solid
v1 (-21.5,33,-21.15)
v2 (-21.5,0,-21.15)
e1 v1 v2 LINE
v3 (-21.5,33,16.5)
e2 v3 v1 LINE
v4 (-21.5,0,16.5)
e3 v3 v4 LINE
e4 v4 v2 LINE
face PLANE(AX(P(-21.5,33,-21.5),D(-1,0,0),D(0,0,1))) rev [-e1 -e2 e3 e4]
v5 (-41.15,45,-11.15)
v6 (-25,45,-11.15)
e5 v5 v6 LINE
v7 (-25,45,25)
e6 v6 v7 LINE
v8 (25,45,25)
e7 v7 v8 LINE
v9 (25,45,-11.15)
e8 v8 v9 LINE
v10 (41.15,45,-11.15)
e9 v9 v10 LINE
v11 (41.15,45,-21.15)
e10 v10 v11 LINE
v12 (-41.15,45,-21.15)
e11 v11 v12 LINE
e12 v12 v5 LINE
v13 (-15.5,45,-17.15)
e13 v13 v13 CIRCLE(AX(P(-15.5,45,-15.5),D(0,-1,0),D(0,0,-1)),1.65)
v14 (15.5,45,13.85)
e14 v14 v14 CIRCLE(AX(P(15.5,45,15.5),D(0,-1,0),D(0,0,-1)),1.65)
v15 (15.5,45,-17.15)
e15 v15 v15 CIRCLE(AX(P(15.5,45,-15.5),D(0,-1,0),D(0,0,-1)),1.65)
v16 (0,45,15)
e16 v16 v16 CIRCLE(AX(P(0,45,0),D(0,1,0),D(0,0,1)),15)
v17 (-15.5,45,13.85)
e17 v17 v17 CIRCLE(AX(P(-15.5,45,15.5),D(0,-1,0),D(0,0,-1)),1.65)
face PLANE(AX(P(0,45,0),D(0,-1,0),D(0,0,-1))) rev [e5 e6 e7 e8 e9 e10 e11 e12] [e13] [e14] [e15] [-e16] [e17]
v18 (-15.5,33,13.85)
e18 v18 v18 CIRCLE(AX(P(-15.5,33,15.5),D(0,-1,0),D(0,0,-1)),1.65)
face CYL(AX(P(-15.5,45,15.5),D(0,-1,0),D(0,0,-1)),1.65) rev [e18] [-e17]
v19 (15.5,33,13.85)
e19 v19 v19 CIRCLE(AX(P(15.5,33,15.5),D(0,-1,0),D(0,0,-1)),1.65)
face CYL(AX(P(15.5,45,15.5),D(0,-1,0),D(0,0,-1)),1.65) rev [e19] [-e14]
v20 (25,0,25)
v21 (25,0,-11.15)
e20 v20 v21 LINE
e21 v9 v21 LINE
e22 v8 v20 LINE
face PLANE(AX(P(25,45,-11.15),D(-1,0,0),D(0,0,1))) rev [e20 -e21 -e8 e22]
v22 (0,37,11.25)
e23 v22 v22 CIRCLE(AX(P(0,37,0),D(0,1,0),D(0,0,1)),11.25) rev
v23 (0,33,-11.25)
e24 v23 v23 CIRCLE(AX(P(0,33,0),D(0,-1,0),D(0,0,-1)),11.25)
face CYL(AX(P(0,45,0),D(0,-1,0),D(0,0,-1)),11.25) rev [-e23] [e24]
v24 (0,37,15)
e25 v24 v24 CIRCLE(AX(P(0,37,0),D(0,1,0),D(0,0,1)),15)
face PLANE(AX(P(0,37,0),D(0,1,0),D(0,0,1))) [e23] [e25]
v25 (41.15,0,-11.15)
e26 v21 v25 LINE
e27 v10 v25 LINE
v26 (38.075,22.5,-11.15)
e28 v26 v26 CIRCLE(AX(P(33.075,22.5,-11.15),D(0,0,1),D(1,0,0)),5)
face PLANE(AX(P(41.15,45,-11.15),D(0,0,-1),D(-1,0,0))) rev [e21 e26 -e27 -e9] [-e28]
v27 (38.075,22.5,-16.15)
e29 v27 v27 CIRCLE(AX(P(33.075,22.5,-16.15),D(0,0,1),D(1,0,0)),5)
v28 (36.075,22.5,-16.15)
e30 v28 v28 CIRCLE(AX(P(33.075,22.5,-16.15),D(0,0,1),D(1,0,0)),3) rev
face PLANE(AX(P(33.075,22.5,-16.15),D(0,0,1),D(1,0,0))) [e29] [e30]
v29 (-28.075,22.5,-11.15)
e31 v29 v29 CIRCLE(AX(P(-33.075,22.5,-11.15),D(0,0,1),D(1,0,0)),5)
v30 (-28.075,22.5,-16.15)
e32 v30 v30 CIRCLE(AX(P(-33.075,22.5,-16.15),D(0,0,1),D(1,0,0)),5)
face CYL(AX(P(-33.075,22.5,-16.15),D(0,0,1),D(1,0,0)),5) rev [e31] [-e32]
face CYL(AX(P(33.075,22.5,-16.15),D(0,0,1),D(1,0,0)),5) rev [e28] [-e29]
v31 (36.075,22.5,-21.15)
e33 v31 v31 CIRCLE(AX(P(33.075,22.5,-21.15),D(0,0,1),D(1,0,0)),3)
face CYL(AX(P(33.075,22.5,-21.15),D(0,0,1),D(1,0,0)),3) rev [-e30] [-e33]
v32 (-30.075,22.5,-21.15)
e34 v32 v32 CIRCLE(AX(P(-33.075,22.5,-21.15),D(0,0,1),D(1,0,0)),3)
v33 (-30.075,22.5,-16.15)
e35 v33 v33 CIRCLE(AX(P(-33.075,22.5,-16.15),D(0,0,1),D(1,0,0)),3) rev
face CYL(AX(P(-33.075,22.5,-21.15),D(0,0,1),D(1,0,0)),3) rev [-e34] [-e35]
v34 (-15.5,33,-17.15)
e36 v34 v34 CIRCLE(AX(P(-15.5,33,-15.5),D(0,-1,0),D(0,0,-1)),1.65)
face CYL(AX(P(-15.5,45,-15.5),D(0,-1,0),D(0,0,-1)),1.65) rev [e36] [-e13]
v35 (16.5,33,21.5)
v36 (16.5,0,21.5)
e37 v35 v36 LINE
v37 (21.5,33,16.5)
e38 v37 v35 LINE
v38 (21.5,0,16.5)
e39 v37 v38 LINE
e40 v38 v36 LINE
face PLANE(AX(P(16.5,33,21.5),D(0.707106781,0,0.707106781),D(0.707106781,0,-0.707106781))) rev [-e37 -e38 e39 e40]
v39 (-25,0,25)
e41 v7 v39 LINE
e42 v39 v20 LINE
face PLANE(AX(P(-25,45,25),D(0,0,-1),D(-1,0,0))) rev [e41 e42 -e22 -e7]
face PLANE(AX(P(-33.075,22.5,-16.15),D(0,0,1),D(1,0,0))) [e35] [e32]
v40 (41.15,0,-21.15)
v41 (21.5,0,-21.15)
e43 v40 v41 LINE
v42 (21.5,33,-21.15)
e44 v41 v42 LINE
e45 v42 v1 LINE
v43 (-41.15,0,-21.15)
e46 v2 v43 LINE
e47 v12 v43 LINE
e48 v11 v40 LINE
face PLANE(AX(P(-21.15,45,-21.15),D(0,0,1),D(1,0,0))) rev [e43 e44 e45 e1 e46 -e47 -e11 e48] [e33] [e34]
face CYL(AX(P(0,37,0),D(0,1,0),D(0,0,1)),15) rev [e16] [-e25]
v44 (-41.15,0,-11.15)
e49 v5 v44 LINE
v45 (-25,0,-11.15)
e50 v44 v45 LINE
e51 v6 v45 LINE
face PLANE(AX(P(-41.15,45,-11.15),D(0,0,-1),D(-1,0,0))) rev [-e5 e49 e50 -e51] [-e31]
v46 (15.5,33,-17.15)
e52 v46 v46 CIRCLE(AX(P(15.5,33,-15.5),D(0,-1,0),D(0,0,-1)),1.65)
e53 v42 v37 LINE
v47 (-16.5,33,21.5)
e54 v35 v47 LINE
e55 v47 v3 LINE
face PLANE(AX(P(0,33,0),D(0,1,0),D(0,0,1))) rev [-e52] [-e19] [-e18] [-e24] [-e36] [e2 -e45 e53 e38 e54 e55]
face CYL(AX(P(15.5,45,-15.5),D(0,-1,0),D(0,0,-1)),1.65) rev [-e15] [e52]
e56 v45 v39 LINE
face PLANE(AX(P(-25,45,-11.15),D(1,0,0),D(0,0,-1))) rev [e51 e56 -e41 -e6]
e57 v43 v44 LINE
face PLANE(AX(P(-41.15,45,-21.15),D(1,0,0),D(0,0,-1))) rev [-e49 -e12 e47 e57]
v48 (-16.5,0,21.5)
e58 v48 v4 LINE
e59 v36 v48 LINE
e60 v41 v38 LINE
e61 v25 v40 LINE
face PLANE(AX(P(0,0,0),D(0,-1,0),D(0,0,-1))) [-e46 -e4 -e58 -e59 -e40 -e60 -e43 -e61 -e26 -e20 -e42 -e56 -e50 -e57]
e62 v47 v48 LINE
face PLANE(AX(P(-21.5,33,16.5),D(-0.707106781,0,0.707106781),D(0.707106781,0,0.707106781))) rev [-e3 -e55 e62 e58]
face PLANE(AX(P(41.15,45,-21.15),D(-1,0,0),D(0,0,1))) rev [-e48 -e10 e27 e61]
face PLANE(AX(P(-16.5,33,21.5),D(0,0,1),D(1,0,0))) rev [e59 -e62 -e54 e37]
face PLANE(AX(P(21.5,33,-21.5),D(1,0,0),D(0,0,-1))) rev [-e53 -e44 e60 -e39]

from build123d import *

# Parameters (mm, degrees)
EXTRUDE_1_DEPTH     = 45
CUT_EXTRUDE_1_DEPTH = 33
SKETCH_3_R          = 11.25
CUT_EXTRUDE_2_DEPTH = 13
SKETCH_4_R          = 1.65
CUT_EXTRUDE_3_DEPTH = 13
SKETCH_5_R          = 3
CUT_EXTRUDE_4_DEPTH = 11
SKETCH_6_R          = 5
CUT_EXTRUDE_5_DEPTH = 5
SKETCH_7_R          = 15
CUT_EXTRUDE_6_DEPTH = 8


with BuildPart() as part:
    # Эскиз1 → Бобышка-Вытянуть1 (new body)
    with BuildSketch(Plane(origin=(0, 0, 0), x_dir=(1, 0, 0), z_dir=(0, 1, 0))):
        Polygon((-21.15, 21.15), (21.15, 21.15), (41.15, 21.15), (41.15, 11.15), (25, 11.15), (25, -25), (-25, -25), (-25, 11.15), (-41.15, 11.15), (-41.15, 21.15), align=None)
    extrude(amount=EXTRUDE_1_DEPTH)

    # Эскиз2 → Вырез-Вытянуть1 (cut)
    with BuildSketch(Plane.XZ):
        Polygon((-21.5, 16.5), (-16.5, 21.5), (16.5, 21.5), (21.5, 16.5), (21.5, -21.5), (-21.5, -21.5), align=None)
    extrude(amount=-CUT_EXTRUDE_1_DEPTH, mode=Mode.SUBTRACT)

    # Эскиз3 → Вырез-Вытянуть2 (cut, through all)
    with BuildSketch(Plane.XZ.offset(-33)):
        Circle(SKETCH_3_R)
    extrude(amount=-CUT_EXTRUDE_2_DEPTH, mode=Mode.SUBTRACT)

    # Эскиз4 → Вырез-Вытянуть3 (cut, through all)
    with BuildSketch(Plane.XZ.offset(-33)):
        with Locations((-15.5, 15.5)):
            Circle(SKETCH_4_R)
        with Locations((15.5, 15.5)):
            Circle(SKETCH_4_R)
        with Locations((-15.5, -15.5)):
            Circle(SKETCH_4_R)
        with Locations((15.5, -15.5)):
            Circle(SKETCH_4_R)
    extrude(amount=-CUT_EXTRUDE_3_DEPTH, mode=Mode.SUBTRACT)

    # Эскиз5 → Вырез-Вытянуть4 (cut, through all)
    with BuildSketch(Plane.XY.offset(-11.15)):
        with Locations((-33.075, 22.5)):
            Circle(SKETCH_5_R)
        with Locations((33.075, 22.5)):
            Circle(SKETCH_5_R)
    extrude(amount=-CUT_EXTRUDE_4_DEPTH, mode=Mode.SUBTRACT)

    # Эскиз6 → Вырез-Вытянуть5 (cut)
    with BuildSketch(Plane.XY.offset(-11.15)):
        with Locations((-33.075, 22.5)):
            Circle(SKETCH_6_R)
        with Locations((33.075, 22.5)):
            Circle(SKETCH_6_R)
    extrude(amount=-CUT_EXTRUDE_5_DEPTH, mode=Mode.SUBTRACT)

    # Эскиз7 → Вырез-Вытянуть6 (cut)
    with BuildSketch(Plane(origin=(0, 45, 0), x_dir=(1, 0, 0), z_dir=(0, 1, 0))):
        Circle(SKETCH_7_R)
    extrude(amount=-CUT_EXTRUDE_6_DEPTH, mode=Mode.SUBTRACT)


solid = part.part
